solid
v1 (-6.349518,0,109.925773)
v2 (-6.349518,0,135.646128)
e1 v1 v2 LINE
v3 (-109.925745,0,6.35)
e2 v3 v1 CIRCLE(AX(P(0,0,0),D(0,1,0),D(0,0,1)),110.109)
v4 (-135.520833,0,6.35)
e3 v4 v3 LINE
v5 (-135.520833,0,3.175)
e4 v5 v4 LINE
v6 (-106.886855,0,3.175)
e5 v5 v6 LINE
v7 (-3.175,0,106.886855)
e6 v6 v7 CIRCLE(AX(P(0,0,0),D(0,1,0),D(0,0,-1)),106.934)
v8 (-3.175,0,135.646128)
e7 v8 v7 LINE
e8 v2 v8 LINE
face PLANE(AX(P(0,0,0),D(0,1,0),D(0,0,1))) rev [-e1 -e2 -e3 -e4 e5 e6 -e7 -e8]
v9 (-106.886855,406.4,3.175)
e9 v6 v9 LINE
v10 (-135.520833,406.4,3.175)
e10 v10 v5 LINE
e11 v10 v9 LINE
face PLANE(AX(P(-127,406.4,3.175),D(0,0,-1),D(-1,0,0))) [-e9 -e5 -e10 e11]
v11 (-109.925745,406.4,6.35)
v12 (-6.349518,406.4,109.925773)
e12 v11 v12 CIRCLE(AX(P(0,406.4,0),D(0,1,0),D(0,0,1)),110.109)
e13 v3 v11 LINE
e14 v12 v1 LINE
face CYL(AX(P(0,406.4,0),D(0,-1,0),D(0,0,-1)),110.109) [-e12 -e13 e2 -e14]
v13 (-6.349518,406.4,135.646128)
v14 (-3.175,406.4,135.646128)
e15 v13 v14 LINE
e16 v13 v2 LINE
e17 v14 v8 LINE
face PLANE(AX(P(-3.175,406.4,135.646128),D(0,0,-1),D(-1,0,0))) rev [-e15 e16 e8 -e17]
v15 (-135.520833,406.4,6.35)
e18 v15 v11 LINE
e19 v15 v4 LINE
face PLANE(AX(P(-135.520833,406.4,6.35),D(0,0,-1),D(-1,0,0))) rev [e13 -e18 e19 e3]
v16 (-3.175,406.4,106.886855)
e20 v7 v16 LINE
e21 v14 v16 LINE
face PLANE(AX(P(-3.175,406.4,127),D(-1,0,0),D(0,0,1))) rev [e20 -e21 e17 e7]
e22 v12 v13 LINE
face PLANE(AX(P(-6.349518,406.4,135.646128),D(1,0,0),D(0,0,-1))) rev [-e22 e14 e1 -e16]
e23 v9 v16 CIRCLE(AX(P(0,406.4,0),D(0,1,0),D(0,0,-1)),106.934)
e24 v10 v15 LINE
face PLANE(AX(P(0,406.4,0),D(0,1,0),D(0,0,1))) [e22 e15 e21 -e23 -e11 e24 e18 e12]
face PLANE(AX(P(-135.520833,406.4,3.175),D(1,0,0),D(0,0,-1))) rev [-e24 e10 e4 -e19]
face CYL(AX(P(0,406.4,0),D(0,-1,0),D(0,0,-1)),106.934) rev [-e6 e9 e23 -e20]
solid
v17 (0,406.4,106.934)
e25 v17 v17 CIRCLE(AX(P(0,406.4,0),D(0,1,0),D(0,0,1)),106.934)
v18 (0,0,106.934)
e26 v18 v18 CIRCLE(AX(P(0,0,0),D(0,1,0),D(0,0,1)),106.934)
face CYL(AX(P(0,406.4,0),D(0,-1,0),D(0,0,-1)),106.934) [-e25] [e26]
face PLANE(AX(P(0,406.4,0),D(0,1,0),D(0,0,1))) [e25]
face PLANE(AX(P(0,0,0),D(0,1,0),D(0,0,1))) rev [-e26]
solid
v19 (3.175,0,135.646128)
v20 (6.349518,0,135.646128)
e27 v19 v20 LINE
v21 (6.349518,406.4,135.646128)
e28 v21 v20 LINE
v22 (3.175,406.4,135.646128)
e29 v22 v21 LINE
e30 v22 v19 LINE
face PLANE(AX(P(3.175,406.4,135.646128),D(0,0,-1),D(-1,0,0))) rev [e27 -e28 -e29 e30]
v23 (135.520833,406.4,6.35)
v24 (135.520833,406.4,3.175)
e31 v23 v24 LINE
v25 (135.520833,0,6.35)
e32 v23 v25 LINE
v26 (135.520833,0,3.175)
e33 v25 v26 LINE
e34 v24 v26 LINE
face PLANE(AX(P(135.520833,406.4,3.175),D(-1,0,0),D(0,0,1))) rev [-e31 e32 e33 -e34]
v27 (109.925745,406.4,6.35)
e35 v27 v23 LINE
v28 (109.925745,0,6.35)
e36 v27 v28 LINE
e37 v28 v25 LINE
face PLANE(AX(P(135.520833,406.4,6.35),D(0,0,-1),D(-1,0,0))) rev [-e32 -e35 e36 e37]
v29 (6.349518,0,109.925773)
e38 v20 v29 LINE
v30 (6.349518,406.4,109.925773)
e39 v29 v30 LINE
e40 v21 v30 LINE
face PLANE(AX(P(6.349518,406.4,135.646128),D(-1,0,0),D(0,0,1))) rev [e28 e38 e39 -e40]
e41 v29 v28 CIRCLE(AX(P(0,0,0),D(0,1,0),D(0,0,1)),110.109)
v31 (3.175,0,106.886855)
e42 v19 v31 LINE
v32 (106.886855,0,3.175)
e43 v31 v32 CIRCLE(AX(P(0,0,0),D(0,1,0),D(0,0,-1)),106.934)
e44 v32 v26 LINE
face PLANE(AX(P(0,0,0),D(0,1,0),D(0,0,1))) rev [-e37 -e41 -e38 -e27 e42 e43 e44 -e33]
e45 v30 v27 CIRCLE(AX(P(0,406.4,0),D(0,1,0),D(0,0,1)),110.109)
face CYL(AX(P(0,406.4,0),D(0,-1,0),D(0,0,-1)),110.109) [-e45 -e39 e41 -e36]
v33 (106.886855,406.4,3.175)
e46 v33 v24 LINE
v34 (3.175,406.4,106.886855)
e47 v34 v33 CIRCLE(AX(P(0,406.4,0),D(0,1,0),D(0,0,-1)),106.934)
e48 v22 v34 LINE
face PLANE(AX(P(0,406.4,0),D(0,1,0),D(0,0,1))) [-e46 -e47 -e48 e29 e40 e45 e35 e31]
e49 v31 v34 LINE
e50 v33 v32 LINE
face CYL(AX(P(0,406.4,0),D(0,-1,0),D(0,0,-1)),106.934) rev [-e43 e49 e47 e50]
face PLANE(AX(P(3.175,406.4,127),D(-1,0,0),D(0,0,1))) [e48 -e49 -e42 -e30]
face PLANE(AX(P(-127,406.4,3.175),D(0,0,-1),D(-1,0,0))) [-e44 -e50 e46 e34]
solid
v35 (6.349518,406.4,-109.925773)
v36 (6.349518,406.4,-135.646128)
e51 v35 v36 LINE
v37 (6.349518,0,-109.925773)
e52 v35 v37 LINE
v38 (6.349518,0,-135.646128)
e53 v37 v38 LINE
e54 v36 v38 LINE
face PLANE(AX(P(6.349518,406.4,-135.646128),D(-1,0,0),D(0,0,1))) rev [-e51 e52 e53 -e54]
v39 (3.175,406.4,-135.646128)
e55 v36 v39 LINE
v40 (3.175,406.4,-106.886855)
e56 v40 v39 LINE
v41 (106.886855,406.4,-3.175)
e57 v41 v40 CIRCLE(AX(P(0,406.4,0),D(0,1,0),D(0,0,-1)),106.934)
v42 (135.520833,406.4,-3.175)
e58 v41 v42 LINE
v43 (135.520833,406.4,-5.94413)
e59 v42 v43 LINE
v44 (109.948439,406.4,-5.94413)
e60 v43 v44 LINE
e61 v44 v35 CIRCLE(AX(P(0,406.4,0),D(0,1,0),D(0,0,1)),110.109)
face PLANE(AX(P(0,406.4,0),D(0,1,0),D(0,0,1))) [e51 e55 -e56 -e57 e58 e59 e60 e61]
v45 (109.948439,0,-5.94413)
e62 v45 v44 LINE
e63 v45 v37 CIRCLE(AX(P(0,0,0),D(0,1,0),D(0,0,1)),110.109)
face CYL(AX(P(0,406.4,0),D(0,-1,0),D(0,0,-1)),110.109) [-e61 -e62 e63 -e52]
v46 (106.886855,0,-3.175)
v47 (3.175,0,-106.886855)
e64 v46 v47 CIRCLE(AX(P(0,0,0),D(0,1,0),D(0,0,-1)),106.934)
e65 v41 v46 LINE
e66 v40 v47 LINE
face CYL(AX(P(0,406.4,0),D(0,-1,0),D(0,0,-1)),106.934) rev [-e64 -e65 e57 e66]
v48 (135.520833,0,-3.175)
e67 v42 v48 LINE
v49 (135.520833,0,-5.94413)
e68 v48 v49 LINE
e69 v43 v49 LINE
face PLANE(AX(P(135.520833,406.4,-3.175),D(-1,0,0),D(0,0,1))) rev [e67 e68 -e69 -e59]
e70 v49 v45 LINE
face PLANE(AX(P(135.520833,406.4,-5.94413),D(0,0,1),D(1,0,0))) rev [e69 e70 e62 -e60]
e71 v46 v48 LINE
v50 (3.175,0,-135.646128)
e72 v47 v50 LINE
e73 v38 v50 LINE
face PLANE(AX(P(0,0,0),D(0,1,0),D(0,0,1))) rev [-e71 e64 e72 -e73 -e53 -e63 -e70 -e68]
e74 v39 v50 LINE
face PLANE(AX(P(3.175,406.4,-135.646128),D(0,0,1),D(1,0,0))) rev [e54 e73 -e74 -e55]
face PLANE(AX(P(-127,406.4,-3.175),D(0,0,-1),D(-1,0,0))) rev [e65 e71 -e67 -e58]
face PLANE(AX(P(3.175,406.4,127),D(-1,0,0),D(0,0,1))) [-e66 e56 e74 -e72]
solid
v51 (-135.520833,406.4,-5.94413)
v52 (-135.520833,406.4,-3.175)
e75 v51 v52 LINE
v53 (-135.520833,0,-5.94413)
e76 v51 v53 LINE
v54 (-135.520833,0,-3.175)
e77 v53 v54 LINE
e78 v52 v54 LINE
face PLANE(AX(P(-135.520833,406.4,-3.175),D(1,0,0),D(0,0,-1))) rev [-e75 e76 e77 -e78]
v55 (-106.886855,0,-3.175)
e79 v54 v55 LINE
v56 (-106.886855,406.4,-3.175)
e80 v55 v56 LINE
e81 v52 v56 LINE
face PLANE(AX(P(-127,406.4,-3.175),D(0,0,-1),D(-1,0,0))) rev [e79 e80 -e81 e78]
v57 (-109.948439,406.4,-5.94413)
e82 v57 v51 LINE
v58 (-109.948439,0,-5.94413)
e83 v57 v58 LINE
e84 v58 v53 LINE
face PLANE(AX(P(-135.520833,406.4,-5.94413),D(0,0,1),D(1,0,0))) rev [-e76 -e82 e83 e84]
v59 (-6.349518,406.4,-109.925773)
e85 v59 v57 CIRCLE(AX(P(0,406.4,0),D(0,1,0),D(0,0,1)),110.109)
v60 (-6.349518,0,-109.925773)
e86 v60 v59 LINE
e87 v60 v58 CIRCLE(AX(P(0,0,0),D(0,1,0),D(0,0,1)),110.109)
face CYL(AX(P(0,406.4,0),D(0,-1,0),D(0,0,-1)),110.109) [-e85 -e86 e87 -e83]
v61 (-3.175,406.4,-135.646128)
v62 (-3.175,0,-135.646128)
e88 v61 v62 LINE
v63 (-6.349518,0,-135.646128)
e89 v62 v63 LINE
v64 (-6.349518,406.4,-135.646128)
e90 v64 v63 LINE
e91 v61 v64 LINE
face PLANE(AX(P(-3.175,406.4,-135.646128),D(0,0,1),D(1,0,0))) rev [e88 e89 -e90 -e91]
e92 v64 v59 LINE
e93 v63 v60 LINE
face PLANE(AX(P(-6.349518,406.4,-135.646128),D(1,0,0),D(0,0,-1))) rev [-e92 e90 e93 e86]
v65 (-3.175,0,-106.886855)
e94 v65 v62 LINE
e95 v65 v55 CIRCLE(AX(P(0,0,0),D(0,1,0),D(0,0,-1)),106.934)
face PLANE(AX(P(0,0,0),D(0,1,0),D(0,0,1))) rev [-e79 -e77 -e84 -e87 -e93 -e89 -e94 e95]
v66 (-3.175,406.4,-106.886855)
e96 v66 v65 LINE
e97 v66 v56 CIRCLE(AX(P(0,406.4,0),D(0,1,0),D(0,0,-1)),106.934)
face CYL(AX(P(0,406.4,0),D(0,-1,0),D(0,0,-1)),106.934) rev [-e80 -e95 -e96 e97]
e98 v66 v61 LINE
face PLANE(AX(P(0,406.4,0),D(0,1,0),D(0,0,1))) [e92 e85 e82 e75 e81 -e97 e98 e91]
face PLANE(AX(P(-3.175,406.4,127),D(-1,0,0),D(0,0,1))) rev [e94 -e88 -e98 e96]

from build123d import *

# Parameters (mm, degrees)
SKETCH1_R           = 106.934
BOSS_EXTRUDE1_DEPTH = 406.4
BOSS_EXTRUDE3_DEPTH = 406.4
SKETCH3_W           = 254
SKETCH3_H           = 6.35
SKETCH3_W_2         = 6.35
SKETCH3_H_2         = 254
CUT_EXTRUDE2_DEPTH  = 407.4
BOSS_EXTRUDE5_DEPTH = 406.4


with BuildPart() as part:
    # Sketch1 → Boss-Extrude1 (new body)
    with BuildSketch(Plane(origin=(0, 0, 0), x_dir=(1, 0, 0), z_dir=(0, 1, 0))):
        Circle(SKETCH1_R)
    extrude(amount=BOSS_EXTRUDE1_DEPTH)


with BuildPart() as body_2:
    # Sketch2 → Boss-Extrude3 (new body)
    with BuildSketch(Plane(origin=(0, 0, 0), x_dir=(1, 0, 0), z_dir=(0, 1, 0))):
        with BuildLine():
            ThreePointArc((110.109, 0), (77.85882057, 77.85882057), (0, 110.109))
            ThreePointArc((0, 110.109), (-77.85882057, 77.85882057), (-110.109, 0))
            ThreePointArc((-110.109, 0), (-77.85882057, -77.85882057), (0, -110.109))
            ThreePointArc((0, -110.109), (77.85882057, -77.85882057), (110.109, 0))
        make_face()
        with BuildLine():
            ThreePointArc((106.934, 0), (75.613756539, 75.613756539), (0, 106.934))
            ThreePointArc((0, 106.934), (-75.613756539, 75.613756539), (-106.934, 0))
            ThreePointArc((-106.934, 0), (-75.613756539, -75.613756539), (0, -106.934))
            ThreePointArc((0, -106.934), (75.613756539, -75.613756539), (106.934, 0))
        make_face(mode=Mode.SUBTRACT)
    extrude(amount=BOSS_EXTRUDE3_DEPTH)

    # Sketch3 → Cut-Extrude2 (cut, through all)
    with BuildSketch(Plane(origin=(0, 0, 0), x_dir=(1, 0, 0), z_dir=(0, 1, 0))):
        Rectangle(SKETCH3_W, SKETCH3_H)
        Rectangle(SKETCH3_W_2, SKETCH3_H_2)
    extrude(amount=CUT_EXTRUDE2_DEPTH, mode=Mode.SUBTRACT)

    # Sketch5 → Boss-Extrude5 (add)
    with BuildSketch(Plane(origin=(0, 0, 0), x_dir=(1, 0, 0), z_dir=(0, 1, 0))):
        Polygon((-110.063214818, 3.175), (-135.520832556, 3.175), (-135.520832556, 5.944129876), (-108.207325928, 5.944129876), align=None)
        Polygon((-110.063214818, -3.175), (-135.520832642, -3.175), (-135.520832642, -6.35), (-108.207325928, -6.35), align=None)
        Polygon((135.520832642, -6.35), (108.207325928, -6.35), (110.063214818, -3.175), (135.520832642, -3.175), align=None)
        Polygon((135.520832556, 5.944129876), (108.207325928, 5.944129876), (110.063214818, 3.175), (135.520832556, 3.175), align=None)
        Polygon((-3.175, 110.063214818), (-3.175, 135.646128135), (-6.349518475, 135.646128135), (-6.349518475, 108.332621421), align=None)
        Polygon((6.349518475, 135.646128135), (6.349518475, 108.332621421), (3.175, 110.063214818), (3.175, 135.646128135), align=None)
        Polygon((3.175, -135.646128135), (6.349518475, -135.646128135), (6.349518475, -108.332621421), (3.175, -110.063214818), align=None)
        Polygon((-6.349518475, -135.646128135), (-6.349518475, -108.332621421), (-3.175, -110.063214818), (-3.175, -135.646128135), align=None)
    extrude(amount=BOSS_EXTRUDE5_DEPTH)


solid = Compound([part.part, body_2.part])
